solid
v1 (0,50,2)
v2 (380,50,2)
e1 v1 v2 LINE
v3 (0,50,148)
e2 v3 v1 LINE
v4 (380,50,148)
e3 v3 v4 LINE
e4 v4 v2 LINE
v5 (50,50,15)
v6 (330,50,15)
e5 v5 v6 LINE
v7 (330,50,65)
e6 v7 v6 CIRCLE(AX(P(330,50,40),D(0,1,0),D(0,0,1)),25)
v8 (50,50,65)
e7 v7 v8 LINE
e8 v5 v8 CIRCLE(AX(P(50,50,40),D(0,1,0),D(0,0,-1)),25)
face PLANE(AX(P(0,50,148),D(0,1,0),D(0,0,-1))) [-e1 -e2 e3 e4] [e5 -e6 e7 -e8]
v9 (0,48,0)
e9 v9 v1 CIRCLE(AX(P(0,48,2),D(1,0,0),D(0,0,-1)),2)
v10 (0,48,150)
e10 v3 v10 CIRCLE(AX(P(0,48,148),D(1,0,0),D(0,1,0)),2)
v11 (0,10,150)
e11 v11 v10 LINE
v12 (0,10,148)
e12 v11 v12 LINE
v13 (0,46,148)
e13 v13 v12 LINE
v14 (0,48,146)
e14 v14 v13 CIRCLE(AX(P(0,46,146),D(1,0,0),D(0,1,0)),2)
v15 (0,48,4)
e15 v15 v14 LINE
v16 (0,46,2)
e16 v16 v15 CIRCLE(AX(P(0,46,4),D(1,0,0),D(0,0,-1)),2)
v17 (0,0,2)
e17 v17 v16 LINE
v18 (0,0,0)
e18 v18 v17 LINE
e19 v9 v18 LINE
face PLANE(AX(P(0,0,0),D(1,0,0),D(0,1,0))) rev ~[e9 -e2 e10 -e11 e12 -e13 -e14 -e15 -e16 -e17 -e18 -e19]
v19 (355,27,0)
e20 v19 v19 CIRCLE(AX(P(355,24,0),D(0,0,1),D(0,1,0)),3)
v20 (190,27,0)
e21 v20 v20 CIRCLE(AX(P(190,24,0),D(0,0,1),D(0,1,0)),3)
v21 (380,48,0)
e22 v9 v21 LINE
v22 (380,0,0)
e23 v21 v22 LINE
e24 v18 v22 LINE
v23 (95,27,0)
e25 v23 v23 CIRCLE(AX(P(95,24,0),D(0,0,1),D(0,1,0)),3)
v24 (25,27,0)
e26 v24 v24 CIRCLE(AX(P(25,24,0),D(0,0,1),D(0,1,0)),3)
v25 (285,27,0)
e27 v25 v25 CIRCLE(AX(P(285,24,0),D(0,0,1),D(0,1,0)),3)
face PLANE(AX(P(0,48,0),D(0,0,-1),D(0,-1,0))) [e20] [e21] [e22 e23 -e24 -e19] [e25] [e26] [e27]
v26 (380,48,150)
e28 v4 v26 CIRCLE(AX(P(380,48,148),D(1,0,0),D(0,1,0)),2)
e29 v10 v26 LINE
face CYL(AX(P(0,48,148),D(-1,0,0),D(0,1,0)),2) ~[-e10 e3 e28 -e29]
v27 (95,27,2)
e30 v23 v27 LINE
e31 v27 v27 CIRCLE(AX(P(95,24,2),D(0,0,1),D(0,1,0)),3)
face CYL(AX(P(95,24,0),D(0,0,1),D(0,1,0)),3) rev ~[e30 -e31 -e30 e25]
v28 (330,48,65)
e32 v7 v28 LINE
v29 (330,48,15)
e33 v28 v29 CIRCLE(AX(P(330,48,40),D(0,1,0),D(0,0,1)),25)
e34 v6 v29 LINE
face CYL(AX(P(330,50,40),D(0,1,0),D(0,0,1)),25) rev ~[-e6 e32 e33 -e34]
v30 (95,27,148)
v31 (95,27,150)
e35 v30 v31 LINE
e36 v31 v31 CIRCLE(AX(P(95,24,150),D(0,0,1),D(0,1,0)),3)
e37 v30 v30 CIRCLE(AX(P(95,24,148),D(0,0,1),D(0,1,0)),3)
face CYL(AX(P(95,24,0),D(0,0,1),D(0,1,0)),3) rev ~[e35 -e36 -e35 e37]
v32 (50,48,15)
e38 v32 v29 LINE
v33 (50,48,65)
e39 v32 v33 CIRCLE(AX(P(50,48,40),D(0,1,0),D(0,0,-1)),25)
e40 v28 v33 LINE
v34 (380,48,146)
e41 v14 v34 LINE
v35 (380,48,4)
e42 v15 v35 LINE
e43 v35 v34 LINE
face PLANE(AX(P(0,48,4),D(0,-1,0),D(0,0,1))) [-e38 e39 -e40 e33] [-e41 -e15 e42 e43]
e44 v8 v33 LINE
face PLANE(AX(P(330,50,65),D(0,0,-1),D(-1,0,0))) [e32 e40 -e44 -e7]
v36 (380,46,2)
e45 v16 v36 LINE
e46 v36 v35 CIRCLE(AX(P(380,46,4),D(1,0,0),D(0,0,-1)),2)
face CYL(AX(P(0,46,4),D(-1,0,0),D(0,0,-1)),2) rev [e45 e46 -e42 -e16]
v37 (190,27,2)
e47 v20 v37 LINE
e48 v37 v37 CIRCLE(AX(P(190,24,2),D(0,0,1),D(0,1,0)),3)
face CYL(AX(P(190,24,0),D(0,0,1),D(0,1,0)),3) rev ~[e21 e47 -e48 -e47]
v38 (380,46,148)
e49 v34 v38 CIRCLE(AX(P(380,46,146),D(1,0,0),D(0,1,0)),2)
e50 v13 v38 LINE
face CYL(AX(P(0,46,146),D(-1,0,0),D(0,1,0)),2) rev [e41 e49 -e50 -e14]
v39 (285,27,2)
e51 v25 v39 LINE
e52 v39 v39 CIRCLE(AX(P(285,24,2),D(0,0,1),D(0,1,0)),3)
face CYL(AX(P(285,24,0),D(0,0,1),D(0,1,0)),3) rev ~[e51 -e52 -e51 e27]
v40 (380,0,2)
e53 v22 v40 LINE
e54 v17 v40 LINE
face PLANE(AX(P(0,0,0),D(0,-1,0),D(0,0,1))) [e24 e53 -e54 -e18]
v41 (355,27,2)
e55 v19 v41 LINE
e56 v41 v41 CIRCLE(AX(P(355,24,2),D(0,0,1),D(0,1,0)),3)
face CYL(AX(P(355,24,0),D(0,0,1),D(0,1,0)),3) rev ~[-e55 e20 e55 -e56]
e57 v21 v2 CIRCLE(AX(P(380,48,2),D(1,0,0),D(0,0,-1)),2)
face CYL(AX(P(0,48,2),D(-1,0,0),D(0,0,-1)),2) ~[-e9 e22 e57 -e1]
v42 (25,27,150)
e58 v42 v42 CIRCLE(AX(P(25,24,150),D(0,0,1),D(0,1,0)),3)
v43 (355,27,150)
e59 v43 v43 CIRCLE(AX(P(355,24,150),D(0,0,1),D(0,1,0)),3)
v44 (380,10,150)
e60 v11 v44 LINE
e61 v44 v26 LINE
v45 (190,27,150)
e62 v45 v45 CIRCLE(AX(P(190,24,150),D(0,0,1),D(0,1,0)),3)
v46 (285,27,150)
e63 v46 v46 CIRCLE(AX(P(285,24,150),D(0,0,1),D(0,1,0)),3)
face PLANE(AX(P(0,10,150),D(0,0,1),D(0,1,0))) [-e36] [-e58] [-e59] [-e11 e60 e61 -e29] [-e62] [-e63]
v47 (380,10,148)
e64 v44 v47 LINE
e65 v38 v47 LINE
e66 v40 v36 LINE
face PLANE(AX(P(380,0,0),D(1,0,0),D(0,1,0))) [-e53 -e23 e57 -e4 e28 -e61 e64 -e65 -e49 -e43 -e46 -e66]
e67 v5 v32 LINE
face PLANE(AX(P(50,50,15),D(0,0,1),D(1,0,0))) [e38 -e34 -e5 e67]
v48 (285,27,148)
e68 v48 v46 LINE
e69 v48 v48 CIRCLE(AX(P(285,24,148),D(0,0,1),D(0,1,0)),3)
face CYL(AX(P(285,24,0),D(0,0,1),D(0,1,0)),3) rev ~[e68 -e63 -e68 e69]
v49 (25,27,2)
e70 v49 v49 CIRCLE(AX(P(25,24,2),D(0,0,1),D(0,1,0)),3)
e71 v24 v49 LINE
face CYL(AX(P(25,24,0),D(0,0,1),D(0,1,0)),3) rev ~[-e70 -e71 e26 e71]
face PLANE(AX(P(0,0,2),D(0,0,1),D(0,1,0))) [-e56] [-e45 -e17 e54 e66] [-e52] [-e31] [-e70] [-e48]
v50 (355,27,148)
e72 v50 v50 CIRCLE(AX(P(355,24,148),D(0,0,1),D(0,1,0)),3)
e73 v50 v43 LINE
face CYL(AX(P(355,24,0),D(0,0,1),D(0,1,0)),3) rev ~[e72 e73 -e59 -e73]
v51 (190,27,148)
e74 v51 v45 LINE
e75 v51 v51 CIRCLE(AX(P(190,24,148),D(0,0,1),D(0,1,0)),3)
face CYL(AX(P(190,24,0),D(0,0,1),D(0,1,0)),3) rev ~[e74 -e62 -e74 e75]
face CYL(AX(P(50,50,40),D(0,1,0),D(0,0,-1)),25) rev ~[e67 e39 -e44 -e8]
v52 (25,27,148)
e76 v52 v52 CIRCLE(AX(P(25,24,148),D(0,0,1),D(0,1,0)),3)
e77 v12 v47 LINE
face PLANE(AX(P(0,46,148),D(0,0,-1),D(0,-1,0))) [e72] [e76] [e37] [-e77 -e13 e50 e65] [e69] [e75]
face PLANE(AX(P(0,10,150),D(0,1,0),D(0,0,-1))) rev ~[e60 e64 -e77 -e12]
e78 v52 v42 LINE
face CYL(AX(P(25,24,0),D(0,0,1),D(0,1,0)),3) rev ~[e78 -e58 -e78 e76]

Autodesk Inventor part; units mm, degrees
ref_plane "YZ Plane" through (0, 0, 0) normal (1, 0, 0) x (0, 1, 0)
ref_plane "XZ Plane" through (0, 0, 0) normal (0, 1, 0) x (-1, 0, 0)
ref_plane "XY Plane" through (0, 0, 0) normal (0, 0, 1) x (1, 0, 0)
sketch "Sketch1" plane through (0, 0, 0) normal (1, 0, 0) x (0, 1, 0)
  line L0 (10, 150) -> (48, 150)
  line L1 (50, 148) -> (50, 2)
  line L2 (48, 0) -> (0, 0)
  line L3 (0, 2) -> (46, 2)
  line L4 (48, 4) -> (48, 146)
  line L5 (46, 148) -> (10, 148)
  line L6 (0, 0) -> (0, 2)
  line L7 (10, 150) -> (10, 148)
  arc A0 (48, 146) -> (46, 148) centre (46, 146) ccw
  arc A1 (50, 148) -> (48, 150) centre (48, 148) ccw
  arc A2 (48, 0) -> (50, 2) centre (48, 2) ccw
  arc A3 (46, 2) -> (48, 4) centre (46, 4) ccw
  point P0 (50, 150)
  point P1 (50, 0)
  dimension "d0" = 40
  dimension "d1" = 150
  dimension "d2" = 50
  dimension "d3" = 2
  dimension "d4" = 2
extrude "Extrusion1" add sketch "Sketch1" along normal blind 380
sketch "Sketch2" plane through (0, 50, 148) normal (0, 1, 0) x (1, 0, 0)
  line L0 (330, 108) -> (50, 108) construction
  line L1 (330, 83) -> (50, 83)
  line L2 (50, 133) -> (330, 133)
  arc A0 (330, 83) -> (330, 133) centre (330, 108) ccw
  arc A1 (50, 133) -> (50, 83) centre (50, 108) ccw
  line L3 (0, 146) -> (380, 146) projected
  line L4 (0, 144) -> (0, 2) projected
  line L5 (380, 146) -> (380, 0) projected
  line L6 (0, 148) -> (380, 148) projected
  point P0 (190, 108)
  dimension "d7" = 280
  dimension "d8" = 190
  dimension "d9" = 50
  dimension "d10" = 40
extrude "Extrusion2" cut sketch "Sketch2" against normal up to surface (2 mm away)
sketch "Sketch3" plane through (0, 0, 0) normal (0, 0, -1) x (-1, 0, 0)
  line L0 (0, 0) -> (-380, 0) projected
  line L1 (-380, 0) -> (-380, 48) projected
  point P0 (-355, 24)
  point P1 (-285, 24)
  point P2 (-190, 24)
  point P3 (-25, 24)
  point P4 (-95, 24)
  dimension "d13" = 24
  dimension "d14" = 70
  dimension "d15" = 95
  dimension "d16" = 95
  dimension "d17" = 70
  dimension "d18" = 25
hole "Hole1" at (355, 24, 0) at (285, 24, 0) at (190, 24, 0) at (25, 24, 0) at (95, 24, 0) direction (0, 0, 1) diameter 6 end through all
properties part number "SidePanelCoverSpacer"
